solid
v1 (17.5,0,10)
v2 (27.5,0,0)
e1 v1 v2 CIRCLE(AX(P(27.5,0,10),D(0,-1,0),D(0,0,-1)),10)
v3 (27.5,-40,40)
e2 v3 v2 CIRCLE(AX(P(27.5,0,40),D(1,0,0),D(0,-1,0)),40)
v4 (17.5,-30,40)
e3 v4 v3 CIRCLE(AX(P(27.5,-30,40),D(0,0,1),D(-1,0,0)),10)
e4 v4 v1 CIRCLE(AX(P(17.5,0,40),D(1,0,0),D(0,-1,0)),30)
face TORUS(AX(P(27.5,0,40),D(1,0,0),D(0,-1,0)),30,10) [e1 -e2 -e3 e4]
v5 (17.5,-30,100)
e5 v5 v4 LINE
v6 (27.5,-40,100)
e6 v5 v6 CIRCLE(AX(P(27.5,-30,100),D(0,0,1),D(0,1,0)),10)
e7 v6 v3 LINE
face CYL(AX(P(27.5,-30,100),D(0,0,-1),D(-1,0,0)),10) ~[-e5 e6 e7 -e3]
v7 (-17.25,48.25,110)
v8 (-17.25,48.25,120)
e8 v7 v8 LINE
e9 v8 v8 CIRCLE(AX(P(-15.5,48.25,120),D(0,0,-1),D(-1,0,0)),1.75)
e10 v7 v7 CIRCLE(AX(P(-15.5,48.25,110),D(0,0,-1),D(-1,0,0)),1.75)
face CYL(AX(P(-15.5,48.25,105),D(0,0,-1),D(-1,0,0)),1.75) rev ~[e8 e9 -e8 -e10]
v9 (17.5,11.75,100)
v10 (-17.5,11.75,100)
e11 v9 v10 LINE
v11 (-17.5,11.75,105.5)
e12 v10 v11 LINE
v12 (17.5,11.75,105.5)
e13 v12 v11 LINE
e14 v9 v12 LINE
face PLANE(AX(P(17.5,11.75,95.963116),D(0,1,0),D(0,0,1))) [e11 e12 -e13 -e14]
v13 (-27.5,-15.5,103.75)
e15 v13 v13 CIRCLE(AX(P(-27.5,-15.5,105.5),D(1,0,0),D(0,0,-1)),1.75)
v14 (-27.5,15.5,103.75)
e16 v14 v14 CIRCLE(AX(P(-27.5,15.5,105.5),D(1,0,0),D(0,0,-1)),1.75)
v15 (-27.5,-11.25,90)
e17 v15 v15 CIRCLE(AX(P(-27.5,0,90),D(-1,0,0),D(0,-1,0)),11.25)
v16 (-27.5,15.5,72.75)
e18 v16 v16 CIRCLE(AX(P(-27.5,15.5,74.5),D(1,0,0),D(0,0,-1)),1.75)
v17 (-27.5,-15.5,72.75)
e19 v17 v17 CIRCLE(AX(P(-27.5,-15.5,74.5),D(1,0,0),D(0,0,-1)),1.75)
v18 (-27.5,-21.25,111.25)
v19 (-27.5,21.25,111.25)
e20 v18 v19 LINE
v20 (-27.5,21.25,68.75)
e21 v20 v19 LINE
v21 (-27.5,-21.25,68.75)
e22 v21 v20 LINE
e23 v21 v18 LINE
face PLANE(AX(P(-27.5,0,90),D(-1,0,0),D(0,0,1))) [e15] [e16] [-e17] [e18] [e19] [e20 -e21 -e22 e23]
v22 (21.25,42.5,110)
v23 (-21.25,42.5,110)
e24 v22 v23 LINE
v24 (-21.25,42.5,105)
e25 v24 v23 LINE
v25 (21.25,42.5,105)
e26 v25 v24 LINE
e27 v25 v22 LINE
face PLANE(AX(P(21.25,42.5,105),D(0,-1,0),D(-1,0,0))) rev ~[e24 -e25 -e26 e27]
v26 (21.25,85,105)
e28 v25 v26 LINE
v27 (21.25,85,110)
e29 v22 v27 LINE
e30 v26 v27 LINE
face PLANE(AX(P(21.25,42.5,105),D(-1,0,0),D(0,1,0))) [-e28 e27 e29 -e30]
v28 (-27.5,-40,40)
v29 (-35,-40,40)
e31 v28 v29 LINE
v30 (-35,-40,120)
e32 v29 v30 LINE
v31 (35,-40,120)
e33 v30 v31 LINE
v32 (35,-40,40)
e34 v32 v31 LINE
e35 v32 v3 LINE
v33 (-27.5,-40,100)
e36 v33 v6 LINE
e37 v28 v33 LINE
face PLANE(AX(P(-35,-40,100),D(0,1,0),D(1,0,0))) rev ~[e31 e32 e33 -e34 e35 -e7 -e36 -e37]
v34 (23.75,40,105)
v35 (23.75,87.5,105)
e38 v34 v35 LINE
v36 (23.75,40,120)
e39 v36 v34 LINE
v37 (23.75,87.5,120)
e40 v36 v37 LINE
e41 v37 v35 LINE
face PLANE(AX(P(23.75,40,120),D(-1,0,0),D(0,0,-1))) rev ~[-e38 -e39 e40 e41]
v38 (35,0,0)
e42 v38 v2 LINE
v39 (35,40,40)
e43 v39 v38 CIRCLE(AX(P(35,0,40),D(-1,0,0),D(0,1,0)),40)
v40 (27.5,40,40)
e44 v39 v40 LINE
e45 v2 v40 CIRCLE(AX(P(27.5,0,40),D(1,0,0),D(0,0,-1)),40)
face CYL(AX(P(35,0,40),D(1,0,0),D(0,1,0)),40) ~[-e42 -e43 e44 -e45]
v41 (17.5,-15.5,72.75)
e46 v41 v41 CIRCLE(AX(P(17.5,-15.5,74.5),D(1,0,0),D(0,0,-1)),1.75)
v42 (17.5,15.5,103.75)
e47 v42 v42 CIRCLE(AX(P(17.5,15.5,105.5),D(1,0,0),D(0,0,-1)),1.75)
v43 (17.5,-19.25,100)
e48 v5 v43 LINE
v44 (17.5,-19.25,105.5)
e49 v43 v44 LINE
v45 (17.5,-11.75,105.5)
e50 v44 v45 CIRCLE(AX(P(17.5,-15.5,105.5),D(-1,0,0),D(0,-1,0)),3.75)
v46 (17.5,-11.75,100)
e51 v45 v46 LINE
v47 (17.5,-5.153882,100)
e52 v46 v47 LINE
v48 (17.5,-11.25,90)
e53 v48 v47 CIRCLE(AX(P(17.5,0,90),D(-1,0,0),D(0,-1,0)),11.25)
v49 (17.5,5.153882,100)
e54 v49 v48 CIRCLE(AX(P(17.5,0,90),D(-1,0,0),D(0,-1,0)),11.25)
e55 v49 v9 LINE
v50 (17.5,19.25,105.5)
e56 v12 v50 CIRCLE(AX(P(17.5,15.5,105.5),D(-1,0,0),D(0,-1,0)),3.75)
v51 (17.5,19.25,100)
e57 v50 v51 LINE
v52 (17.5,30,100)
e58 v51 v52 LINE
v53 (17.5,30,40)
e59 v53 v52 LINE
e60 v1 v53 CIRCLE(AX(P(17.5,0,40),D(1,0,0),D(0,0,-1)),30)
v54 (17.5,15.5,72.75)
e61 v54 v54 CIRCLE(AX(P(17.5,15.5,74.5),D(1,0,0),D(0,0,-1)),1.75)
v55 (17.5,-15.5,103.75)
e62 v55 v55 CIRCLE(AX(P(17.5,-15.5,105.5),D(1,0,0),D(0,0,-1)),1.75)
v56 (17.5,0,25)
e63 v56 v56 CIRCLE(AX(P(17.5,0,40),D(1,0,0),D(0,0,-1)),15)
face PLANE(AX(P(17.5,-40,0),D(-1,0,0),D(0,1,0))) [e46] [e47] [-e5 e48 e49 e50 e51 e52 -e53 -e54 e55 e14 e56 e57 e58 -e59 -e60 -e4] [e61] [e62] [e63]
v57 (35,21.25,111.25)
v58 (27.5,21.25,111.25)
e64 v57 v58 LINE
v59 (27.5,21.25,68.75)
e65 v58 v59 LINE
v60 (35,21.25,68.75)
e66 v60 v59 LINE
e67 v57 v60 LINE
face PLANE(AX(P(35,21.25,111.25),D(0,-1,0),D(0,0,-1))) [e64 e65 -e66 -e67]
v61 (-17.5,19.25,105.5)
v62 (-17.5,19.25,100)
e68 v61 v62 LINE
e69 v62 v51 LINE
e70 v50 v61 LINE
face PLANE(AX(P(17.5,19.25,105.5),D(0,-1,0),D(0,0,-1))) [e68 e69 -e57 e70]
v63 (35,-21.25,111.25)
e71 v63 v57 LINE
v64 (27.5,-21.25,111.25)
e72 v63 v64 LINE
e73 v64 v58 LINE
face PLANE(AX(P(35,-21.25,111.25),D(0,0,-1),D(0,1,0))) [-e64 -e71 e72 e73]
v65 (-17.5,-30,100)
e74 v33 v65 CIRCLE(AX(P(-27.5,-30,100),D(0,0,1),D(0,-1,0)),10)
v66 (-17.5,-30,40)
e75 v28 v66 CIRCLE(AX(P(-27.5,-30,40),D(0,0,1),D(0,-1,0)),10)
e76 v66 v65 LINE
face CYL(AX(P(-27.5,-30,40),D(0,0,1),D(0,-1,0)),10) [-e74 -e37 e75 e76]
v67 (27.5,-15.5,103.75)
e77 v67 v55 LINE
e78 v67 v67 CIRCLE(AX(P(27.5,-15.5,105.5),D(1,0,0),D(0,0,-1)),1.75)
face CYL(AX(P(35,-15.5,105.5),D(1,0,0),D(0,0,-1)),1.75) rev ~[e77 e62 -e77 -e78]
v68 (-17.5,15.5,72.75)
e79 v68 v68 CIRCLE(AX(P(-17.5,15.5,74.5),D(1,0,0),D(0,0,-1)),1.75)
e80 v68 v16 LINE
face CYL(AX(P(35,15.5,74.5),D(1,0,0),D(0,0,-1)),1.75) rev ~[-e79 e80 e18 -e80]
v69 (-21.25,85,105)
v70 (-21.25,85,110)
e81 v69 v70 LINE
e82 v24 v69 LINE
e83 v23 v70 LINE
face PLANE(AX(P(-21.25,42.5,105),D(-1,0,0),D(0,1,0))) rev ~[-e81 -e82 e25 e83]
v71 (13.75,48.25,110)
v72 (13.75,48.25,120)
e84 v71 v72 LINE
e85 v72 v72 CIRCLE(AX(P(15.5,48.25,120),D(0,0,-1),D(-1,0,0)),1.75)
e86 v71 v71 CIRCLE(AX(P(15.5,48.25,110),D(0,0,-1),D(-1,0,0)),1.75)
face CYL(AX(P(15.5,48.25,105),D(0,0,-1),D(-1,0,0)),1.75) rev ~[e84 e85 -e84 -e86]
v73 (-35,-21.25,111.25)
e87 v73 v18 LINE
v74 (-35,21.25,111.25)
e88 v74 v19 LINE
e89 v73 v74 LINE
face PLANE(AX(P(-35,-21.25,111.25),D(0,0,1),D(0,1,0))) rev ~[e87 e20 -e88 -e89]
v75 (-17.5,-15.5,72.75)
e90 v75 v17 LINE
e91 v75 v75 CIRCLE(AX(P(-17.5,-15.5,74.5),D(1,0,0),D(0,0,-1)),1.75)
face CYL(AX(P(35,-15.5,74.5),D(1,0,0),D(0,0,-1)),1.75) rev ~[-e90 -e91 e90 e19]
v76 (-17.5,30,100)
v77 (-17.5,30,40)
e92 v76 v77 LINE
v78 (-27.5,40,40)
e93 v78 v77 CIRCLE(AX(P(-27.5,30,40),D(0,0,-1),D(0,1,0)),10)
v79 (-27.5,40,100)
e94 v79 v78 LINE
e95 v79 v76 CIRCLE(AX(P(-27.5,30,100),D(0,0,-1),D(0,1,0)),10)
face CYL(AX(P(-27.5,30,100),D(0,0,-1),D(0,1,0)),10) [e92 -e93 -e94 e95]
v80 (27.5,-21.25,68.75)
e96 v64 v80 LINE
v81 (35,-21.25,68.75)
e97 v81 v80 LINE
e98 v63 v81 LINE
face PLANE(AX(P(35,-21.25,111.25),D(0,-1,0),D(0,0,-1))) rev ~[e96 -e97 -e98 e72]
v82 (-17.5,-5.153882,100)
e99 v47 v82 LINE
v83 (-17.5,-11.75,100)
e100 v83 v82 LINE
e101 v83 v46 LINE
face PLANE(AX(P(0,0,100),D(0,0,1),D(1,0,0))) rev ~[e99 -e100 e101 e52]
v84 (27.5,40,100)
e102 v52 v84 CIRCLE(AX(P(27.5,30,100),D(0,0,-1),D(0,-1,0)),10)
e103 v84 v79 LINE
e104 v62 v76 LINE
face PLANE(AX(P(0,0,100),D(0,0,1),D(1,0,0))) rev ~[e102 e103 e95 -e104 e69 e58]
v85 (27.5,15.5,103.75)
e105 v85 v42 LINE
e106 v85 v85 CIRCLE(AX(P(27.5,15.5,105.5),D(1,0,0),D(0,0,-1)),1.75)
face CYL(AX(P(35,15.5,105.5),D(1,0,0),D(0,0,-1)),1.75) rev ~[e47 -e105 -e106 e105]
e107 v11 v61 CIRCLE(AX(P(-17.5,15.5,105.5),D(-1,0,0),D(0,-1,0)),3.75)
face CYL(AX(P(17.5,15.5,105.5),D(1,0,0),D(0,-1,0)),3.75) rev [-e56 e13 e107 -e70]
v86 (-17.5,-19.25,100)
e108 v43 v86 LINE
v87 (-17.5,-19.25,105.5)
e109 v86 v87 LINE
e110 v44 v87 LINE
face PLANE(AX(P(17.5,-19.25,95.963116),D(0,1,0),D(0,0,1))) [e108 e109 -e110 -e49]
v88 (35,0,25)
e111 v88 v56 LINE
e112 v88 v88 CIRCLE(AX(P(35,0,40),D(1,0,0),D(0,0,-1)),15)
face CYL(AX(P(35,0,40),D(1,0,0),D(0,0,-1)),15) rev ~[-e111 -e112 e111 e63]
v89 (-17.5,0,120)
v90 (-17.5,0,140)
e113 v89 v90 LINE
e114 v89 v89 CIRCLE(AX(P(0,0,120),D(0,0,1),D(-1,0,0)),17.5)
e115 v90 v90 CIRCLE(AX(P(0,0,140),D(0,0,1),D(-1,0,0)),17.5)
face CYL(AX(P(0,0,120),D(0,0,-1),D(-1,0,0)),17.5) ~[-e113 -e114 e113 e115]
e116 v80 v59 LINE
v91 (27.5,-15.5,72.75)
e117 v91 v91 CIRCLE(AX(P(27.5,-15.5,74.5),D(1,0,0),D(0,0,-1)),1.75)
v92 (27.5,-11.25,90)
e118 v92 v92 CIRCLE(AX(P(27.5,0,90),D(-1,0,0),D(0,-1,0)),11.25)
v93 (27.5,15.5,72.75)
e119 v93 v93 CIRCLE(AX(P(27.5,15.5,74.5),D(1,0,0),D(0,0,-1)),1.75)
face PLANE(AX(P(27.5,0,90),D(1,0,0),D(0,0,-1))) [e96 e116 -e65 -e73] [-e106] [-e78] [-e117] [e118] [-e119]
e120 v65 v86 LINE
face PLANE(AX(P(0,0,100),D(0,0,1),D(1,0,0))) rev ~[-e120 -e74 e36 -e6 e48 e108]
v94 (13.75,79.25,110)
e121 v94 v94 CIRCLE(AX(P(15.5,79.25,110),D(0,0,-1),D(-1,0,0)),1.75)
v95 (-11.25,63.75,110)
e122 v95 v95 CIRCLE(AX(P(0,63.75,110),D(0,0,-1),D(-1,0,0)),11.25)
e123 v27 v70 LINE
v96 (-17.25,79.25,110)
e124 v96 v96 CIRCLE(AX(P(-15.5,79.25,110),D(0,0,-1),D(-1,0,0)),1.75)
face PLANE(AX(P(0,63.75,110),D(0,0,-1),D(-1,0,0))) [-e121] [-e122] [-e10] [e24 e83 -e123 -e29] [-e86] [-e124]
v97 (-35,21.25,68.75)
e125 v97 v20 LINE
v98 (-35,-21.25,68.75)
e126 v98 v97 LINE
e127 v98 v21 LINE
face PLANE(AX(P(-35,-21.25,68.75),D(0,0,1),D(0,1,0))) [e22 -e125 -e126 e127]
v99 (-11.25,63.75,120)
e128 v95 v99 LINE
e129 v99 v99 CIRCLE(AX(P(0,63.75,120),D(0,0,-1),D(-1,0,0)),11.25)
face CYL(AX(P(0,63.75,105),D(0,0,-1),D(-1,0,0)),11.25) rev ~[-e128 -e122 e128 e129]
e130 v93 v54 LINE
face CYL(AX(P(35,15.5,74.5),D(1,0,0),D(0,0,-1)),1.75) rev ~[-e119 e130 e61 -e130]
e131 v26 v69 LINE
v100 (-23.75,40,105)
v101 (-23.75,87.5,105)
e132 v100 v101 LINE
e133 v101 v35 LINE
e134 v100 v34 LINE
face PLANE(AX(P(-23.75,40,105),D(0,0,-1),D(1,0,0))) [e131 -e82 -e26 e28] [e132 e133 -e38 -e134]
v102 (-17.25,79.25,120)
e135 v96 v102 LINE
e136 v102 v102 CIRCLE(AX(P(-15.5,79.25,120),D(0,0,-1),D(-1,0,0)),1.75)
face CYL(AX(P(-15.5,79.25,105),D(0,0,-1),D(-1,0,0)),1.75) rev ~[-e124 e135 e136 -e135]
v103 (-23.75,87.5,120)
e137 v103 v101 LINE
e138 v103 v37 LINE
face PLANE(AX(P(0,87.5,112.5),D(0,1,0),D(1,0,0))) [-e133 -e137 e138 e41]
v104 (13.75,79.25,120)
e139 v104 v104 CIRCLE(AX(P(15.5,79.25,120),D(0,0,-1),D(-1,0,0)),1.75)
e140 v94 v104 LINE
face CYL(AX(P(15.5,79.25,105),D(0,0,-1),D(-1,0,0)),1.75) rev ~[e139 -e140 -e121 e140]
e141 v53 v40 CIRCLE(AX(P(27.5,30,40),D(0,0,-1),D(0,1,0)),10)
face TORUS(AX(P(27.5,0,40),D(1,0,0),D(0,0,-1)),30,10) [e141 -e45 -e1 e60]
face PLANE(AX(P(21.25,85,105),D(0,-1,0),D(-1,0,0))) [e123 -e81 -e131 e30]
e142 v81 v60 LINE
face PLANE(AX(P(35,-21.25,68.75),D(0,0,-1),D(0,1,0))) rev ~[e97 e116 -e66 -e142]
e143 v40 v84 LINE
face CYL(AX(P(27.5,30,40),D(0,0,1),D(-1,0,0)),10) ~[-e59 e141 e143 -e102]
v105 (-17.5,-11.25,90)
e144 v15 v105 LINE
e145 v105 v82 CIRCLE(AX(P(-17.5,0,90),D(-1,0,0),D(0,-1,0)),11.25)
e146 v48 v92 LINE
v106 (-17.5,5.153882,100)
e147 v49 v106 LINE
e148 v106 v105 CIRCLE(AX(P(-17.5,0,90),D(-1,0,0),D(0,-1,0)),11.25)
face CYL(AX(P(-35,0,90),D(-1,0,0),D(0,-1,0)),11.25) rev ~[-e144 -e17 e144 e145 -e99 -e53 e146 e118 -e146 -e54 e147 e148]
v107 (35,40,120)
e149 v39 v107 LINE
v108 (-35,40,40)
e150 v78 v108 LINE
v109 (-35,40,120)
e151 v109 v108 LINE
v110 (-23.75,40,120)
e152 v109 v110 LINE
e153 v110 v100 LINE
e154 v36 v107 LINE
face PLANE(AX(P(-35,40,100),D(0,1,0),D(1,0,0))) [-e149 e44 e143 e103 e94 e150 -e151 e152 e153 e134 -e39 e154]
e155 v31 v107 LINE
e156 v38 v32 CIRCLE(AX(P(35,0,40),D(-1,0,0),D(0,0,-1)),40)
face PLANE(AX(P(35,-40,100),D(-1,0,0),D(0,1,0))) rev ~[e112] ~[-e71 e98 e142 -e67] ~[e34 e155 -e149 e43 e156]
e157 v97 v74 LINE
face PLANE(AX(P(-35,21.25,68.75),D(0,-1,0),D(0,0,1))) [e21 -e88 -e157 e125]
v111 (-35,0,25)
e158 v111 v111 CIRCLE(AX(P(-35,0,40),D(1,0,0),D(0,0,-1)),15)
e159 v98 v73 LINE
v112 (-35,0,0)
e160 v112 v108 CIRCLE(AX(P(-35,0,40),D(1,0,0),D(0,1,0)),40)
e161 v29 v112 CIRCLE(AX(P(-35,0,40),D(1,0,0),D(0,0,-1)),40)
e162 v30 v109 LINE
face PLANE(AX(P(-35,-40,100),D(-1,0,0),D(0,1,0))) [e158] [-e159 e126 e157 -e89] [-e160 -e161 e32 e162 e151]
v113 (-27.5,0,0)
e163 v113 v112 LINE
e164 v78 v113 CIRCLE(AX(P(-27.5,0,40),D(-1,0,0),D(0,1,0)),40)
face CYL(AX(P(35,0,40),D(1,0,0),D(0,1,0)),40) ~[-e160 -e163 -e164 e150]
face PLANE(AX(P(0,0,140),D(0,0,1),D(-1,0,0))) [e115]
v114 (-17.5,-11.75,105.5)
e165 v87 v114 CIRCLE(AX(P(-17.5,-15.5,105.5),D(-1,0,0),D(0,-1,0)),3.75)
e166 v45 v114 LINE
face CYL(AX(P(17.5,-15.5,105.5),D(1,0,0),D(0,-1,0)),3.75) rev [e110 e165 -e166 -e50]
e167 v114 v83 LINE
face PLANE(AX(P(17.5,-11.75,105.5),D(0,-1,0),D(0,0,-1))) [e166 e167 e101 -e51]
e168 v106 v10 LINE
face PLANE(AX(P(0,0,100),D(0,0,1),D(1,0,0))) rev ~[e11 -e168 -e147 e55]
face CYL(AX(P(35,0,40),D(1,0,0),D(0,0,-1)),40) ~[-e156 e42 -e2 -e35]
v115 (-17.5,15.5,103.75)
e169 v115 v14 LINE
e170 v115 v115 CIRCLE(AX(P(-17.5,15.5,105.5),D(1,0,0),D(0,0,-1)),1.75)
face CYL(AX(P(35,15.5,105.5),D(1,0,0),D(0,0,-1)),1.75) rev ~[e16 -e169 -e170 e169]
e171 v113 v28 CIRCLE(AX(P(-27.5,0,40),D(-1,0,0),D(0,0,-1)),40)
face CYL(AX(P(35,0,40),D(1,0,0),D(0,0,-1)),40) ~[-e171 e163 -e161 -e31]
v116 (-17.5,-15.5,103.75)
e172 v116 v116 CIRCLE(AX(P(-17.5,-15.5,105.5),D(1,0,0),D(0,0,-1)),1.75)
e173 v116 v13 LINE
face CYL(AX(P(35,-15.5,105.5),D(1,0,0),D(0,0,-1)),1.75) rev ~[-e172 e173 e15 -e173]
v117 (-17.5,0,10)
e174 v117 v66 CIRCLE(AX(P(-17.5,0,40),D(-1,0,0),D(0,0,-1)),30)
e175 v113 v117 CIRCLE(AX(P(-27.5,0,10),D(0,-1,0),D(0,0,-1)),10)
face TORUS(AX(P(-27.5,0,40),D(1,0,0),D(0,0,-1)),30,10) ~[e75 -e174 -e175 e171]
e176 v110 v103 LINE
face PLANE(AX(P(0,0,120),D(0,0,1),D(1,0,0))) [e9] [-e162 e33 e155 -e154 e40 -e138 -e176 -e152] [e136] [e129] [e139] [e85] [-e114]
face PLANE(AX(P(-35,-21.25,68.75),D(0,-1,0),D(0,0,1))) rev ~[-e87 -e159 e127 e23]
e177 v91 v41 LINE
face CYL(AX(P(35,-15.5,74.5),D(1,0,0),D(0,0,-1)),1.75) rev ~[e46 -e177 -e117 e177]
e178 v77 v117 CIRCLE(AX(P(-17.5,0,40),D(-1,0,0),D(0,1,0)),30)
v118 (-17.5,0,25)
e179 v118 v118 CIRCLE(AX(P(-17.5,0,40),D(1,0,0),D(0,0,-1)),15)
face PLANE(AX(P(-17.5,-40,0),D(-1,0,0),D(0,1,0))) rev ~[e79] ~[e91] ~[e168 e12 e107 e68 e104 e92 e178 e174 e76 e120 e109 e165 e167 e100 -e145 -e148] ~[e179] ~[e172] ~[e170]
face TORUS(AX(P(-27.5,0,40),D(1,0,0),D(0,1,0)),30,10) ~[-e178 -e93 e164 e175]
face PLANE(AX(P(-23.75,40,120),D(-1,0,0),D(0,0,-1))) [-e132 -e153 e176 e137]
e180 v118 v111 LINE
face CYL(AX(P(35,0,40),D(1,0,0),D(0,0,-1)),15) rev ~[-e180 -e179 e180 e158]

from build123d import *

# Parameters (mm, degrees)
SKETCH1_W               = 17.5
SKETCH1_H               = 80
BOSS_EXTRUDE1_DEPTH     = 100
BOSS_EXTRUDE1_2_DEPTH   = 100
SKETCH2_W               = 70
SKETCH2_H               = 80
BOSS_EXTRUDE2_DEPTH     = 20
CUT_EXTRUDE1_DEPTH      = 145.568322948
CUT_EXTRUDE1_DEPTH_BACK = 145.568322948
SKETCH5_R               = 11.25
CUT_EXTRUDE2_DEPTH      = 145.568322948
CUT_EXTRUDE2_DEPTH_BACK = 145.568322948
SKETCH6_W               = 42.5
SKETCH6_H               = 42.5
CUT_EXTRUDE3_DEPTH      = 7.5
SKETCH7_R               = 1.75
CUT_EXTRUDE4_DEPTH      = 145.568322948
CUT_EXTRUDE4_DEPTH_BACK = 145.568322948
SKETCH8_W               = 42.5
SKETCH8_H               = 42.5
CUT_EXTRUDE5_DEPTH      = 7.5
CUT_EXTRUDE7_DEPTH      = 35
SKETCH10_W              = 47.5
SKETCH10_H              = 15
BOSS_EXTRUDE3_DEPTH     = 47.5
SKETCH11_R              = 11.25
SKETCH11_R_2            = 1.75
CUT_EXTRUDE8_DEPTH      = 142.089510595
SKETCH12_W              = 42.5
SKETCH12_H              = 42.5
CUT_EXTRUDE9_DEPTH      = 5
SKETCH13_R              = 17.5
BOSS_EXTRUDE4_DEPTH     = 20
FILLET1_R               = 10


with BuildPart() as part:
    # Sketch1 → Boss-Extrude1 (new body)
    with BuildSketch(Plane.XY):
        with Locations((-26.25, 0)):
            Rectangle(SKETCH1_W, SKETCH1_H)
    extrude(amount=BOSS_EXTRUDE1_DEPTH)



with BuildPart() as body_2:
    # Sketch1 → Boss-Extrude1 2 (new body)
    with BuildSketch(Plane.XY):
        with Locations((26.25, 0)):
            Rectangle(SKETCH1_W, SKETCH1_H)
    extrude(amount=BOSS_EXTRUDE1_2_DEPTH)


with BuildPart() as part_1:
    add(part.part)

    add(body_2.part)  # Boss-Extrude2 merges body 2
    # Sketch2 → Boss-Extrude2 (add)
    with BuildSketch(Plane.XY.offset(100)):
        Rectangle(SKETCH2_W, SKETCH2_H)
    extrude(amount=BOSS_EXTRUDE2_DEPTH)

    # Sketch3 → Cut-Extrude1 (cut, two sides)
    with BuildSketch(Plane(origin=(35, 0, 0), x_dir=(0, 0, -1), z_dir=(1, 0, 0))) as cut_extrude1_sk:
        with BuildLine():
            ThreePointArc((-55, 0), (-40, -15), (-25, 0))
            Line((-25, 0), (-55, 0))
        make_face()
        with BuildLine():
            Line((-55, 0), (-25, 0))
            ThreePointArc((-25, 0), (-40, 15), (-55, 0))
        make_face()
        with BuildLine():
            ThreePointArc((-40, 40), (-11.715728753, 28.284271247), (0, 0))
            Line((0, 0), (0, 40))
            Line((0, 40), (-40, 40))
        make_face()
        with BuildLine():
            Line((0, -40), (0, 0))
            ThreePointArc((0, 0), (-11.715728753, -28.284271247), (-40, -40))
            Line((-40, -40), (0, -40))
        make_face()
    extrude(amount=CUT_EXTRUDE1_DEPTH, mode=Mode.SUBTRACT)
    extrude(cut_extrude1_sk.sketch, amount=-CUT_EXTRUDE1_DEPTH_BACK, mode=Mode.SUBTRACT)

    # Sketch5 → Cut-Extrude2 (cut, two sides)
    with BuildSketch(Plane.ZY.offset(35)) as cut_extrude2_sk:
        with Locations(Location((90, 0, 0), (0, 0, 270))):
            Circle(SKETCH5_R)
    extrude(amount=CUT_EXTRUDE2_DEPTH, mode=Mode.SUBTRACT)
    extrude(cut_extrude2_sk.sketch, amount=-CUT_EXTRUDE2_DEPTH_BACK, mode=Mode.SUBTRACT)

    # Sketch6 → Cut-Extrude3 (cut)
    with BuildSketch(Plane(origin=(35, 0, 0), x_dir=(0, 0, -1), z_dir=(1, 0, 0))):
        with Locations((-90, 0)):
            Rectangle(SKETCH6_W, SKETCH6_H)
    extrude(amount=-CUT_EXTRUDE3_DEPTH, mode=Mode.SUBTRACT)

    # Sketch7 → Cut-Extrude4 (cut, two sides)
    with BuildSketch(Plane(origin=(35, 0, 0), x_dir=(0, 0, -1), z_dir=(1, 0, 0))) as cut_extrude4_sk:
        with Locations((-105.5, 15.5)):
            Circle(SKETCH7_R)
        with Locations((-74.5, 15.5)):
            Circle(SKETCH7_R)
        with Locations((-74.5, -15.5)):
            Circle(SKETCH7_R)
        with Locations((-105.5, -15.5)):
            Circle(SKETCH7_R)
    extrude(amount=CUT_EXTRUDE4_DEPTH, mode=Mode.SUBTRACT)
    extrude(cut_extrude4_sk.sketch, amount=-CUT_EXTRUDE4_DEPTH_BACK, mode=Mode.SUBTRACT)

    # Sketch8 → Cut-Extrude5 (cut)
    with BuildSketch(Plane.ZY.offset(35)):
        with Locations((90, 0)):
            Rectangle(SKETCH8_W, SKETCH8_H)
    extrude(amount=-CUT_EXTRUDE5_DEPTH, mode=Mode.SUBTRACT)

    # Sketch9 → Cut-Extrude7 (cut)
    with BuildSketch(Plane.ZY.offset(-17.5)):
        with BuildLine():
            Line((105.5, 19.25), (95.963116285, 19.25))
            Line((95.963116285, 19.25), (95.963116285, 11.75))
            Line((95.963116285, 11.75), (105.5, 11.75))
            ThreePointArc((105.5, 11.75), (109.25, 15.5), (105.5, 19.25))
        make_face()
        with BuildLine():
            Line((105.5, -11.75), (95.963116285, -11.75))
            Line((95.963116285, -11.75), (95.963116285, -19.25))
            Line((95.963116285, -19.25), (105.5, -19.25))
            ThreePointArc((105.5, -19.25), (109.25, -15.5), (105.5, -11.75))
        make_face()
    extrude(amount=CUT_EXTRUDE7_DEPTH, mode=Mode.SUBTRACT)

    # Sketch10 → Boss-Extrude3 (add)
    with BuildSketch(Plane(origin=(0, 40, 0), x_dir=(1, 0, 0), z_dir=(0, 1, 0))):
        with Locations((0, -112.5)):
            Rectangle(SKETCH10_W, SKETCH10_H)
    extrude(amount=BOSS_EXTRUDE3_DEPTH)

    # Sketch11 → Cut-Extrude8 (cut, through all)
    with BuildSketch(Plane(origin=(0, 0, 105), x_dir=(-1, 0, 0), z_dir=(0, 0, -1))):
        with Locations((0, 63.75)):
            Circle(SKETCH11_R)
        with Locations((15.5, 79.25)):
            Circle(SKETCH11_R_2)
        with Locations((15.5, 48.25)):
            Circle(SKETCH11_R_2)
        with Locations((-15.5, 48.25)):
            Circle(SKETCH11_R_2)
        with Locations((-15.5, 79.25)):
            Circle(SKETCH11_R_2)
    extrude(amount=-CUT_EXTRUDE8_DEPTH, mode=Mode.SUBTRACT)

    # Sketch12 → Cut-Extrude9 (cut)
    with BuildSketch(Plane(origin=(0, 0, 105), x_dir=(-1, 0, 0), z_dir=(0, 0, -1))):
        with Locations((0, 63.75)):
            Rectangle(SKETCH12_W, SKETCH12_H)
    extrude(amount=-CUT_EXTRUDE9_DEPTH, mode=Mode.SUBTRACT)

    # Sketch13 → Boss-Extrude4 (add)
    with BuildSketch(Plane.XY.offset(120)):
        with Locations(Location((0, 0, 0), (0, 0, 180))):
            Circle(SKETCH13_R)
    extrude(amount=BOSS_EXTRUDE4_DEPTH)

    # Fillet1
    fillet1_edges = [part_1.edges().sort_by_distance(p)[0] for p in [
        (-17.5, -40, 70),
        (-17.5, 40, 70),
        (17.5, 0, 0),
        (-17.5, 0, 0),
        (17.5, -40, 70),
        (17.5, 40, 70),
    ]]
    fillet(fillet1_edges, radius=FILLET1_R)


solid = part_1.part
